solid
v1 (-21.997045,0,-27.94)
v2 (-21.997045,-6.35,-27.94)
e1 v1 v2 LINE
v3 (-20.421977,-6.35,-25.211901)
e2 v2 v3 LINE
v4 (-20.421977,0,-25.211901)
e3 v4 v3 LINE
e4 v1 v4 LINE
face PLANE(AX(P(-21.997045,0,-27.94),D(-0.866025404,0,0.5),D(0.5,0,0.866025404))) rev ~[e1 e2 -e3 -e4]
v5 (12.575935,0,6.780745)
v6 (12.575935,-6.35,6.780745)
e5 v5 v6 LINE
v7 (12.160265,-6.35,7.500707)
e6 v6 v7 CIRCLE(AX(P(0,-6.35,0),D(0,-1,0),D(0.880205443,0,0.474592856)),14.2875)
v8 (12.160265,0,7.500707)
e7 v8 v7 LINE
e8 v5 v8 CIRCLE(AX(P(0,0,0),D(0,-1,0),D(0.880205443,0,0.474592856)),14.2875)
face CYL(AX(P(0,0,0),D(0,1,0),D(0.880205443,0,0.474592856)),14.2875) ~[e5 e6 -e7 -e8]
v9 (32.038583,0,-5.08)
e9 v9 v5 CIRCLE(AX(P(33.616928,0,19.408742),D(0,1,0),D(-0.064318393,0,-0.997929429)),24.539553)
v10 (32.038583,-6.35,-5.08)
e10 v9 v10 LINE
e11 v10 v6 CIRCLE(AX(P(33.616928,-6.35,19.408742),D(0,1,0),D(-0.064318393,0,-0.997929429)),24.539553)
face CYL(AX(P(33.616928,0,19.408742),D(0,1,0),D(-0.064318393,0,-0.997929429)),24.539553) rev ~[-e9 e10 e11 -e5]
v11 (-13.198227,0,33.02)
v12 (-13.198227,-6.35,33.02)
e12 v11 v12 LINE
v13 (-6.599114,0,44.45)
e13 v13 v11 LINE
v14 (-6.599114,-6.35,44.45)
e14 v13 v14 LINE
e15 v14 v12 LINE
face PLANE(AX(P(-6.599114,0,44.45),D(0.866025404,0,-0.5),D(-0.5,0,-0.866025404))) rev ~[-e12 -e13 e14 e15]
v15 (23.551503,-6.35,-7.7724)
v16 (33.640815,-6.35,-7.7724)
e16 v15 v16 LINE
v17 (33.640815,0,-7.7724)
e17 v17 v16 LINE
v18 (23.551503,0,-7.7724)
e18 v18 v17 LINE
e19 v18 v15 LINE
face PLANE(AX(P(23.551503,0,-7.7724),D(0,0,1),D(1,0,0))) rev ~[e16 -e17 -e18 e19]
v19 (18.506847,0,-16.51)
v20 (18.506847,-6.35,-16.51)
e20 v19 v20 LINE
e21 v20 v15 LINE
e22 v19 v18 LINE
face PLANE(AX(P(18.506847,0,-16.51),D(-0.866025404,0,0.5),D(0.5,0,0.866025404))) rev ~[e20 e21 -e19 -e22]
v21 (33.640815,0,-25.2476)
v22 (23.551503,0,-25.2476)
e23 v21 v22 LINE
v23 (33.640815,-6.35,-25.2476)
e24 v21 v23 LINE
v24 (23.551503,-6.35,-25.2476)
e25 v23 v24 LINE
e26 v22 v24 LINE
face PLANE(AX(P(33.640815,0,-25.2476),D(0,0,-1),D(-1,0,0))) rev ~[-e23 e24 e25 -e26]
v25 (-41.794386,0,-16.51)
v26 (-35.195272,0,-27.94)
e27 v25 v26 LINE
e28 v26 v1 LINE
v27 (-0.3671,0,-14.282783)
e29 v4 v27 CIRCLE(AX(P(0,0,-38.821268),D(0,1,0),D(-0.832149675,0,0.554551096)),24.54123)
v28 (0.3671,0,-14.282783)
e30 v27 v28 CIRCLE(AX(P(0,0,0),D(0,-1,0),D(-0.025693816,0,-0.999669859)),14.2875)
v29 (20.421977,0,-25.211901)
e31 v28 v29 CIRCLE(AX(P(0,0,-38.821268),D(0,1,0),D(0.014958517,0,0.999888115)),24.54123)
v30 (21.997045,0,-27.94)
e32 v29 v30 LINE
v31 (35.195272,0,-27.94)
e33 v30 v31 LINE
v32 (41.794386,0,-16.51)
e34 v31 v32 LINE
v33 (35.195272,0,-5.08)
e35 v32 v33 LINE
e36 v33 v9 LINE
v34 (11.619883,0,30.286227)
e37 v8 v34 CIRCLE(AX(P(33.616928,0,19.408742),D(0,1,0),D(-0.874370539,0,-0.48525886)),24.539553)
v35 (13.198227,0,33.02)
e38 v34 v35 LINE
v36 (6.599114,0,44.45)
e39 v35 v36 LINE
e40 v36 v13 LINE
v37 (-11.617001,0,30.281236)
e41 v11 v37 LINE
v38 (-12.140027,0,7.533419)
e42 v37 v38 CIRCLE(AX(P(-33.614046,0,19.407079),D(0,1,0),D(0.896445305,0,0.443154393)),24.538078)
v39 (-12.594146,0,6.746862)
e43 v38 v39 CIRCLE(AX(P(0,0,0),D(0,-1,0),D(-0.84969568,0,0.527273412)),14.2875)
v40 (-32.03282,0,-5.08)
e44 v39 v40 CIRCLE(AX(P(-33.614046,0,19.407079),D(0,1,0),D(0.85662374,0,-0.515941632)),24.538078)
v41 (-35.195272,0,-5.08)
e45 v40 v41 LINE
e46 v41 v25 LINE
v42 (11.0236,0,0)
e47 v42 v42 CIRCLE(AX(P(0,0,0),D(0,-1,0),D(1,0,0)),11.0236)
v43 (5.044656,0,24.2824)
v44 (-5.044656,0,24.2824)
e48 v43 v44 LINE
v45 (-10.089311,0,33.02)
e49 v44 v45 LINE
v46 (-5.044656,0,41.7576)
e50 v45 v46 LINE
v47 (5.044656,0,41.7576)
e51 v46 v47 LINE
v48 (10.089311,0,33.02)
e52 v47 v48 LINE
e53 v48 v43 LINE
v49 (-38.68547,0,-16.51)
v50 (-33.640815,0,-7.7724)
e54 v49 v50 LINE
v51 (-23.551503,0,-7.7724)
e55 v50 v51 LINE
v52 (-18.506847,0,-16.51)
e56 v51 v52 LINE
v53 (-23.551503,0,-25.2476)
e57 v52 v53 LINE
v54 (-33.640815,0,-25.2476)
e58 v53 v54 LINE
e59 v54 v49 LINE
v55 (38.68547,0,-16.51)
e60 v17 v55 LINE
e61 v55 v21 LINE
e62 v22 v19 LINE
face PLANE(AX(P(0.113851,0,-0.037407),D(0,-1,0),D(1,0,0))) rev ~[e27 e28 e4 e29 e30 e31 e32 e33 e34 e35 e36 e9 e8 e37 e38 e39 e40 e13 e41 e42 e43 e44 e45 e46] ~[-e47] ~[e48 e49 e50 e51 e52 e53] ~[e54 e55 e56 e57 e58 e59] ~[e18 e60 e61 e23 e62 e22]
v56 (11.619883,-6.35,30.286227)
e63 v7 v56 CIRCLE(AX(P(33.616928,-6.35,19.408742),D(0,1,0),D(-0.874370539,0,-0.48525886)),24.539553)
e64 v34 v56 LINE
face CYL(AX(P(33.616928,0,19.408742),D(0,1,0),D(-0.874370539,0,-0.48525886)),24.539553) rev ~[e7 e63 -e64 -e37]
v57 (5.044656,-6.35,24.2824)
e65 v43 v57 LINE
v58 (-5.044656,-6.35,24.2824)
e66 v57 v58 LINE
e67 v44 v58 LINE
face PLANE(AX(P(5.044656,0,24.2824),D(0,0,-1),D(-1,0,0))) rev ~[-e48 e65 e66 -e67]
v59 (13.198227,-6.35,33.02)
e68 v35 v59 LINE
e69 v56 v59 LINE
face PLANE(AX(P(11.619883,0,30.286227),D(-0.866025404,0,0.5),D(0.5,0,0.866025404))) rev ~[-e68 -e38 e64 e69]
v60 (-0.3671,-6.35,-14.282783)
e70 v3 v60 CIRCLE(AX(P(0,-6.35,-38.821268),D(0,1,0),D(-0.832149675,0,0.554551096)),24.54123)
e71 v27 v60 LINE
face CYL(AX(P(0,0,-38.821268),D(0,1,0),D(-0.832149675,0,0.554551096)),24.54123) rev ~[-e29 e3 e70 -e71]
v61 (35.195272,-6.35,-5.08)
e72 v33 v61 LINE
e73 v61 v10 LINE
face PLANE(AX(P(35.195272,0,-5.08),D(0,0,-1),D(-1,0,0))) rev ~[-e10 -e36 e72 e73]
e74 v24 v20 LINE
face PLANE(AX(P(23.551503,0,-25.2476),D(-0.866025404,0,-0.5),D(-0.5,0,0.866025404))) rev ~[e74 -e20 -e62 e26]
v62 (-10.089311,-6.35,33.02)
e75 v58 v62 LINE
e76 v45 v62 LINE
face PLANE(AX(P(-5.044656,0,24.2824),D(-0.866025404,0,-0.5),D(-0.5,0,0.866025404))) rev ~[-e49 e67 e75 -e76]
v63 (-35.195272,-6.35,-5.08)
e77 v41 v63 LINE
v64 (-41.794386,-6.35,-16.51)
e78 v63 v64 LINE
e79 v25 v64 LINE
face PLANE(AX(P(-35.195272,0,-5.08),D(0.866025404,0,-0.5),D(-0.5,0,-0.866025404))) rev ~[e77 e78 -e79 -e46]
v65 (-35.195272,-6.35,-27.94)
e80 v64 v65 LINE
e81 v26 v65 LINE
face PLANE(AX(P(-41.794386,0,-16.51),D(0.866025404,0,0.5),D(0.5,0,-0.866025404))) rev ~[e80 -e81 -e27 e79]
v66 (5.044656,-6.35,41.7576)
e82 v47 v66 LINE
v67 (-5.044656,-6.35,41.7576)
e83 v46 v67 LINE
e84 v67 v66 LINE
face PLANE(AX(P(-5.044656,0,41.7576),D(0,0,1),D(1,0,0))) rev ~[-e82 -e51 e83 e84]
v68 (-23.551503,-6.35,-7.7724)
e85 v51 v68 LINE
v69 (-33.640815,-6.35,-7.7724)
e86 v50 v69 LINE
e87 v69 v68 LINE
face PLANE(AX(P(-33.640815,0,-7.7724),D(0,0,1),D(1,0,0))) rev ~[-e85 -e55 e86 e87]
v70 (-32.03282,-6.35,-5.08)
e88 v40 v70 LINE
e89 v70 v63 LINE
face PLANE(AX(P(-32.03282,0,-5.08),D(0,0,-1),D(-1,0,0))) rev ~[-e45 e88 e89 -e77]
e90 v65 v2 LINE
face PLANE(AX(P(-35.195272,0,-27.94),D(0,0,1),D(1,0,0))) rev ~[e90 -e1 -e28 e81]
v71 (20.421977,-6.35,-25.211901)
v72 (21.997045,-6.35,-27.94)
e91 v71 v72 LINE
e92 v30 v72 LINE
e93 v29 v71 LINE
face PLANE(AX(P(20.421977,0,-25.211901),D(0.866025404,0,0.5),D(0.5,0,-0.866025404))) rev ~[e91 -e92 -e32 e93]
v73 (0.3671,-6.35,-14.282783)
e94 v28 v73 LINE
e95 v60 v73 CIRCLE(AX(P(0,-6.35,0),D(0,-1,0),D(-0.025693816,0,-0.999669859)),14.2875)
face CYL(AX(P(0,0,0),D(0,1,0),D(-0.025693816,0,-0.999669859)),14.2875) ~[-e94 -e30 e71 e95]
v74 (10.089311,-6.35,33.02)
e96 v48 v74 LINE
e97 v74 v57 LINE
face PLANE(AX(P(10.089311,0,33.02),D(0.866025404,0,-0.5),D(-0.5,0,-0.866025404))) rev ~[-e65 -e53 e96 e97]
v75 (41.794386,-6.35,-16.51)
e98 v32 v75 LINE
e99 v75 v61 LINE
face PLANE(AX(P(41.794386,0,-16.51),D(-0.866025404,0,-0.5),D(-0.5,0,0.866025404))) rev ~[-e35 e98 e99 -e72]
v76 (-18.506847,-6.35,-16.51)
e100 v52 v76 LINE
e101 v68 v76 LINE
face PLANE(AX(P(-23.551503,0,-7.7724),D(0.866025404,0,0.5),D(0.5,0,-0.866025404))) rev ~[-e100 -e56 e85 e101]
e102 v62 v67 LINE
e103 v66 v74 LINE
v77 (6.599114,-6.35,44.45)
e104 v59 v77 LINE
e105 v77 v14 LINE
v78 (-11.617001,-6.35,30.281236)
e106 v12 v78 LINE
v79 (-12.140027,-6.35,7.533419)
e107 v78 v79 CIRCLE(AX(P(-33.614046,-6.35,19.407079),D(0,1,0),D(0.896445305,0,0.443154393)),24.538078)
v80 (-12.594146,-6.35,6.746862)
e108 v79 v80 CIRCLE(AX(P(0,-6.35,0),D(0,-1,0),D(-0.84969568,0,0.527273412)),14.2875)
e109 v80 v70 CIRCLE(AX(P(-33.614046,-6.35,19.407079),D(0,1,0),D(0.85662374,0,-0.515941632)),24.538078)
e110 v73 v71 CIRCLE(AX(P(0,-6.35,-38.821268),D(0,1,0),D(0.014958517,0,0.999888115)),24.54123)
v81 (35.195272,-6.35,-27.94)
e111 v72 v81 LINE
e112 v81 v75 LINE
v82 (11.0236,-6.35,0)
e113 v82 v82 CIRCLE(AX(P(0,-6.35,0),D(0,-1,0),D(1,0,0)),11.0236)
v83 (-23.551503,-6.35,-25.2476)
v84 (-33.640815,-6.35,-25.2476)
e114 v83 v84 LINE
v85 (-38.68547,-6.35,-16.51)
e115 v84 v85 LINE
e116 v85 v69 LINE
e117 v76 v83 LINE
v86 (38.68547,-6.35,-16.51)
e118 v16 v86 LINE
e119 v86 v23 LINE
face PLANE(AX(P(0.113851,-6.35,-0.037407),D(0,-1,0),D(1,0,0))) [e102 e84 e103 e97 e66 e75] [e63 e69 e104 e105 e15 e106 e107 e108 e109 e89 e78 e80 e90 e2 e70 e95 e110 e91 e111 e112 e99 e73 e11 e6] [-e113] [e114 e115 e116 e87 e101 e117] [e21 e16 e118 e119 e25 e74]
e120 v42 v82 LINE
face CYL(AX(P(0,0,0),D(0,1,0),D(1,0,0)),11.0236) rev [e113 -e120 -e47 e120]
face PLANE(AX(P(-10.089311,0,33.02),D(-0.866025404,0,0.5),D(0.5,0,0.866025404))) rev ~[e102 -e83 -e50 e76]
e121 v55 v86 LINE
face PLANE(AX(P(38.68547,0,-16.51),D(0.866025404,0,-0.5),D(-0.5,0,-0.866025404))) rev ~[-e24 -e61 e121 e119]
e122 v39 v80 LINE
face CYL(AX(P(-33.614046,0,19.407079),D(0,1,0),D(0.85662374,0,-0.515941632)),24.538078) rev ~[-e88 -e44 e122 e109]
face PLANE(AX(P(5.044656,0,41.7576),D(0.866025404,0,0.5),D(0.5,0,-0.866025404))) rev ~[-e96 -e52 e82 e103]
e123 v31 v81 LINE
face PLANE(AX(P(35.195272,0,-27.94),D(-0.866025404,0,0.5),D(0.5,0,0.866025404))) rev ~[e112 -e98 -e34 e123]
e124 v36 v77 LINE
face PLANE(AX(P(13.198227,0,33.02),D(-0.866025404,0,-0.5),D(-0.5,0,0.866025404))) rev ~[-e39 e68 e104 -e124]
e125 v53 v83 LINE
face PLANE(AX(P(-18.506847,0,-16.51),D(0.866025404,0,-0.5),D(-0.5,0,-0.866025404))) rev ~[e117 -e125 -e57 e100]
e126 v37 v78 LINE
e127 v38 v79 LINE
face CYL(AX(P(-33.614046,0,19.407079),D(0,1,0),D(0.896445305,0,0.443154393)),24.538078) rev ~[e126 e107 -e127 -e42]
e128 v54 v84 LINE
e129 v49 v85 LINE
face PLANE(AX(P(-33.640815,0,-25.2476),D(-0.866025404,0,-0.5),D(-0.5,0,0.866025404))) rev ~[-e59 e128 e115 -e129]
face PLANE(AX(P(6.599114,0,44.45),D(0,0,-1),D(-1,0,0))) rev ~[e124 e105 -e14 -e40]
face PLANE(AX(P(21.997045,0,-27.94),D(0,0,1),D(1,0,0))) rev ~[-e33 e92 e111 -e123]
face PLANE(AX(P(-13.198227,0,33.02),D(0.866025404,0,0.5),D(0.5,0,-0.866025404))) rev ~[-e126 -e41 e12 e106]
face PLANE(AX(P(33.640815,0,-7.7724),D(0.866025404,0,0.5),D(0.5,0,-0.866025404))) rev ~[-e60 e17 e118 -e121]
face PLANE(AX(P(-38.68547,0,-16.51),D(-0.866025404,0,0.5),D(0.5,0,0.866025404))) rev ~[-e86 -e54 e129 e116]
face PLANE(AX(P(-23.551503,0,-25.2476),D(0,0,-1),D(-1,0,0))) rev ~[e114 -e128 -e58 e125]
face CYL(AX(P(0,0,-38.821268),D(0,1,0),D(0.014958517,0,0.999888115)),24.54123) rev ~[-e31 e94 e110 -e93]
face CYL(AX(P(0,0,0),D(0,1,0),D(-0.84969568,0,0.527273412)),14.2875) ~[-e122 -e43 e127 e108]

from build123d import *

# Parameters (mm, degrees)
F0_R     = 11.0236
F1_DEPTH = 6.35


with BuildPart() as f1:
    # F0 (on Front) → F1 (new body)
    with BuildSketch(Plane.XZ):
        with BuildLine():
            ThreePointArc((0.3671004027, -14.2827831162), (10.2317545723, -9.9721539611), (14.2875, 0))
            ThreePointArc((14.2875, 0), (13.8530020446, 3.4967113981), (12.5759352613, 6.7807454275))
            ThreePointArc((12.5759352613, 6.7807454275), (12.3650513112, 7.1389657031), (12.1602654275, 7.5007066989))
            ThreePointArc((12.1602654275, 7.5007066989), (0.0192332981, 14.2874870544), (-12.1400270316, 7.5334188734))
            ThreePointArc((-12.1400270316, 7.5334188734), (-12.3634468836, 7.1380393864), (-12.5941456375, 6.7468623753))
            ThreePointArc((-12.5941456375, 6.7468623753), (-12.351516996, -7.1814124061), (-0.3671004027, -14.2827831162))
            ThreePointArc((-0.3671004027, -14.2827831162), (0, -14.2800373238), (0.3671004027, -14.2827831162))
        make_face()
        Circle(F0_R, mode=Mode.SUBTRACT)
        with BuildLine():
            ThreePointArc((12.5759352613, 6.7807454275), (13.8530020446, 3.4967113981), (14.2875, 0))
            ThreePointArc((14.2875, 0), (10.2317545723, -9.9721539611), (0.3671004027, -14.2827831162))
            ThreePointArc((0.3671004027, -14.2827831162), (11.7434168793, -17.2721575555), (20.4219768304, -25.2119014612))
            Line((20.4219768304, -25.2119014612), (15.3979316793, -16.51))
            Line((15.3979316793, -16.51), (21.9970452561, -5.08))
            Line((21.9970452561, -5.08), (32.0385831564, -5.08))
            ThreePointArc((32.0385831564, -5.08), (20.8467310821, -1.5462510774), (12.5759352613, 6.7807454275))
        make_face()
        with BuildLine():
            ThreePointArc((12.1602654275, 7.5007066989), (12.3650513112, 7.1389657031), (12.5759352613, 6.7807454275))
            ThreePointArc((12.5759352613, 6.7807454275), (12.3733379566, 7.14375), (12.1602654275, 7.5007066989))
        make_face()
        with BuildLine():
            ThreePointArc((-0.3671004027, -14.2827831162), (0, -14.2875), (0.3671004027, -14.2827831162))
            ThreePointArc((0.3671004027, -14.2827831162), (0, -14.2800373238), (-0.3671004027, -14.2827831162))
        make_face()
        with BuildLine():
            ThreePointArc((-12.1400270316, 7.5334188734), (0.0192332981, 14.2874870544), (12.1602654275, 7.5007066989))
            ThreePointArc((12.1602654275, 7.5007066989), (9.0842728274, 18.8269242417), (11.619882527, 30.2862269147))
            Line((11.619882527, 30.2862269147), (6.5991135768, 21.59))
            Line((6.5991135768, 21.59), (-6.5991135768, 21.59))
            Line((-6.5991135768, 21.59), (-11.617000966, 30.2812359048))
            ThreePointArc((-11.617000966, 30.2812359048), (-9.0824511669, 18.8430392976), (-12.1400270316, 7.5334188734))
        make_face()
        with BuildLine():
            ThreePointArc((35.1952724098, -5.08), (33.6169277831, -5.1308108988), (32.0385831564, -5.08))
            Line((32.0385831564, -5.08), (21.9970452561, -5.08))
            Line((21.9970452561, -5.08), (15.3979316793, -16.51))
            Line((15.3979316793, -16.51), (20.4219768304, -25.2119014612))
            ThreePointArc((20.4219768304, -25.2119014612), (21.2533288946, -26.5506524823), (21.9970452561, -27.94))
            Line((21.9970452561, -27.94), (35.1952724098, -27.94))
            Line((35.1952724098, -27.94), (41.7943859866, -16.51))
            Line((41.7943859866, -16.51), (35.1952724098, -5.08))
        make_face()
        Polygon((33.640814545, -7.7724), (38.6854702571, -16.51), (33.640814545, -25.2476), (23.5515031209, -25.2476), (18.5068474088, -16.51), (23.5515031209, -7.7724), align=None, mode=Mode.SUBTRACT)
        with BuildLine():
            Line((35.1952724098, -5.08), (32.0385831564, -5.08))
            ThreePointArc((32.0385831564, -5.08), (33.6169277831, -5.1308108988), (35.1952724098, -5.08))
        make_face()
        with BuildLine():
            ThreePointArc((-20.4219768304, -25.2119014612), (-11.7434168793, -17.2721575555), (-0.3671004027, -14.2827831162))
            ThreePointArc((-0.3671004027, -14.2827831162), (-12.351516996, -7.1814124061), (-12.5941456375, 6.7468623753))
            ThreePointArc((-12.5941456375, 6.7468623753), (-20.8597762997, -1.5558862096), (-32.0328200345, -5.08))
            Line((-32.0328200345, -5.08), (-21.9970452561, -5.08))
            Line((-21.9970452561, -5.08), (-15.3979316793, -16.51))
            Line((-15.3979316793, -16.51), (-20.4219768304, -25.2119014612))
        make_face()
        with BuildLine():
            ThreePointArc((21.9970452561, -27.94), (21.2533288946, -26.5506524823), (20.4219768304, -25.2119014612))
            Line((20.4219768304, -25.2119014612), (21.9970452561, -27.94))
        make_face()
        with BuildLine():
            ThreePointArc((-12.5941456375, 6.7468623753), (-12.3634468836, 7.1380393864), (-12.1400270316, 7.5334188734))
            ThreePointArc((-12.1400270316, 7.5334188734), (-12.3733379566, 7.14375), (-12.5941456375, 6.7468623753))
        make_face()
        with BuildLine():
            ThreePointArc((13.1982271537, 33.02), (12.3650513112, 31.6785189067), (11.619882527, 30.2862269147))
            Line((11.619882527, 30.2862269147), (13.1982271537, 33.02))
        make_face()
        with BuildLine():
            Line((6.5991135768, 21.59), (11.619882527, 30.2862269147))
            ThreePointArc((11.619882527, 30.2862269147), (12.3650513112, 31.6785189067), (13.1982271537, 33.02))
            Line((13.1982271537, 33.02), (6.5991135768, 44.45))
            Line((6.5991135768, 44.45), (-6.5991135768, 44.45))
            Line((-6.5991135768, 44.45), (-13.1982271537, 33.02))
            ThreePointArc((-13.1982271537, 33.02), (-12.3634468836, 31.6761178835), (-11.617000966, 30.2812359048))
            Line((-11.617000966, 30.2812359048), (-6.5991135768, 21.59))
            Line((-6.5991135768, 21.59), (6.5991135768, 21.59))
        make_face()
        Polygon((10.0893114241, 33.02), (5.0446557121, 24.2824), (-5.0446557121, 24.2824), (-10.0893114241, 33.02), (-5.0446557121, 41.7576), (5.0446557121, 41.7576), align=None, mode=Mode.SUBTRACT)
        with BuildLine():
            ThreePointArc((-21.9970452561, -27.94), (-21.2533288946, -26.5506524823), (-20.4219768304, -25.2119014612))
            Line((-20.4219768304, -25.2119014612), (-15.3979316793, -16.51))
            Line((-15.3979316793, -16.51), (-21.9970452561, -5.08))
            Line((-21.9970452561, -5.08), (-32.0328200345, -5.08))
            ThreePointArc((-32.0328200345, -5.08), (-33.6140462222, -5.1309998622), (-35.1952724098, -5.08))
            Line((-35.1952724098, -5.08), (-41.7943859866, -16.51))
            Line((-41.7943859866, -16.51), (-35.1952724098, -27.94))
            Line((-35.1952724098, -27.94), (-21.9970452561, -27.94))
        make_face()
        Polygon((-23.5515031209, -25.2476), (-33.640814545, -25.2476), (-38.6854702571, -16.51), (-33.640814545, -7.7724), (-23.5515031209, -7.7724), (-18.5068474088, -16.51), align=None, mode=Mode.SUBTRACT)
        with BuildLine():
            Line((-21.9970452561, -27.94), (-20.4219768304, -25.2119014612))
            ThreePointArc((-20.4219768304, -25.2119014612), (-21.2533288946, -26.5506524823), (-21.9970452561, -27.94))
        make_face()
        with BuildLine():
            Line((-13.1982271537, 33.02), (-11.617000966, 30.2812359048))
            ThreePointArc((-11.617000966, 30.2812359048), (-12.3634468836, 31.6761178835), (-13.1982271537, 33.02))
        make_face()
        with BuildLine():
            ThreePointArc((-35.1952724098, -5.08), (-33.6140462222, -5.1309998622), (-32.0328200345, -5.08))
            Line((-32.0328200345, -5.08), (-35.1952724098, -5.08))
        make_face()
    extrude(amount=F1_DEPTH)


solid = f1.part
